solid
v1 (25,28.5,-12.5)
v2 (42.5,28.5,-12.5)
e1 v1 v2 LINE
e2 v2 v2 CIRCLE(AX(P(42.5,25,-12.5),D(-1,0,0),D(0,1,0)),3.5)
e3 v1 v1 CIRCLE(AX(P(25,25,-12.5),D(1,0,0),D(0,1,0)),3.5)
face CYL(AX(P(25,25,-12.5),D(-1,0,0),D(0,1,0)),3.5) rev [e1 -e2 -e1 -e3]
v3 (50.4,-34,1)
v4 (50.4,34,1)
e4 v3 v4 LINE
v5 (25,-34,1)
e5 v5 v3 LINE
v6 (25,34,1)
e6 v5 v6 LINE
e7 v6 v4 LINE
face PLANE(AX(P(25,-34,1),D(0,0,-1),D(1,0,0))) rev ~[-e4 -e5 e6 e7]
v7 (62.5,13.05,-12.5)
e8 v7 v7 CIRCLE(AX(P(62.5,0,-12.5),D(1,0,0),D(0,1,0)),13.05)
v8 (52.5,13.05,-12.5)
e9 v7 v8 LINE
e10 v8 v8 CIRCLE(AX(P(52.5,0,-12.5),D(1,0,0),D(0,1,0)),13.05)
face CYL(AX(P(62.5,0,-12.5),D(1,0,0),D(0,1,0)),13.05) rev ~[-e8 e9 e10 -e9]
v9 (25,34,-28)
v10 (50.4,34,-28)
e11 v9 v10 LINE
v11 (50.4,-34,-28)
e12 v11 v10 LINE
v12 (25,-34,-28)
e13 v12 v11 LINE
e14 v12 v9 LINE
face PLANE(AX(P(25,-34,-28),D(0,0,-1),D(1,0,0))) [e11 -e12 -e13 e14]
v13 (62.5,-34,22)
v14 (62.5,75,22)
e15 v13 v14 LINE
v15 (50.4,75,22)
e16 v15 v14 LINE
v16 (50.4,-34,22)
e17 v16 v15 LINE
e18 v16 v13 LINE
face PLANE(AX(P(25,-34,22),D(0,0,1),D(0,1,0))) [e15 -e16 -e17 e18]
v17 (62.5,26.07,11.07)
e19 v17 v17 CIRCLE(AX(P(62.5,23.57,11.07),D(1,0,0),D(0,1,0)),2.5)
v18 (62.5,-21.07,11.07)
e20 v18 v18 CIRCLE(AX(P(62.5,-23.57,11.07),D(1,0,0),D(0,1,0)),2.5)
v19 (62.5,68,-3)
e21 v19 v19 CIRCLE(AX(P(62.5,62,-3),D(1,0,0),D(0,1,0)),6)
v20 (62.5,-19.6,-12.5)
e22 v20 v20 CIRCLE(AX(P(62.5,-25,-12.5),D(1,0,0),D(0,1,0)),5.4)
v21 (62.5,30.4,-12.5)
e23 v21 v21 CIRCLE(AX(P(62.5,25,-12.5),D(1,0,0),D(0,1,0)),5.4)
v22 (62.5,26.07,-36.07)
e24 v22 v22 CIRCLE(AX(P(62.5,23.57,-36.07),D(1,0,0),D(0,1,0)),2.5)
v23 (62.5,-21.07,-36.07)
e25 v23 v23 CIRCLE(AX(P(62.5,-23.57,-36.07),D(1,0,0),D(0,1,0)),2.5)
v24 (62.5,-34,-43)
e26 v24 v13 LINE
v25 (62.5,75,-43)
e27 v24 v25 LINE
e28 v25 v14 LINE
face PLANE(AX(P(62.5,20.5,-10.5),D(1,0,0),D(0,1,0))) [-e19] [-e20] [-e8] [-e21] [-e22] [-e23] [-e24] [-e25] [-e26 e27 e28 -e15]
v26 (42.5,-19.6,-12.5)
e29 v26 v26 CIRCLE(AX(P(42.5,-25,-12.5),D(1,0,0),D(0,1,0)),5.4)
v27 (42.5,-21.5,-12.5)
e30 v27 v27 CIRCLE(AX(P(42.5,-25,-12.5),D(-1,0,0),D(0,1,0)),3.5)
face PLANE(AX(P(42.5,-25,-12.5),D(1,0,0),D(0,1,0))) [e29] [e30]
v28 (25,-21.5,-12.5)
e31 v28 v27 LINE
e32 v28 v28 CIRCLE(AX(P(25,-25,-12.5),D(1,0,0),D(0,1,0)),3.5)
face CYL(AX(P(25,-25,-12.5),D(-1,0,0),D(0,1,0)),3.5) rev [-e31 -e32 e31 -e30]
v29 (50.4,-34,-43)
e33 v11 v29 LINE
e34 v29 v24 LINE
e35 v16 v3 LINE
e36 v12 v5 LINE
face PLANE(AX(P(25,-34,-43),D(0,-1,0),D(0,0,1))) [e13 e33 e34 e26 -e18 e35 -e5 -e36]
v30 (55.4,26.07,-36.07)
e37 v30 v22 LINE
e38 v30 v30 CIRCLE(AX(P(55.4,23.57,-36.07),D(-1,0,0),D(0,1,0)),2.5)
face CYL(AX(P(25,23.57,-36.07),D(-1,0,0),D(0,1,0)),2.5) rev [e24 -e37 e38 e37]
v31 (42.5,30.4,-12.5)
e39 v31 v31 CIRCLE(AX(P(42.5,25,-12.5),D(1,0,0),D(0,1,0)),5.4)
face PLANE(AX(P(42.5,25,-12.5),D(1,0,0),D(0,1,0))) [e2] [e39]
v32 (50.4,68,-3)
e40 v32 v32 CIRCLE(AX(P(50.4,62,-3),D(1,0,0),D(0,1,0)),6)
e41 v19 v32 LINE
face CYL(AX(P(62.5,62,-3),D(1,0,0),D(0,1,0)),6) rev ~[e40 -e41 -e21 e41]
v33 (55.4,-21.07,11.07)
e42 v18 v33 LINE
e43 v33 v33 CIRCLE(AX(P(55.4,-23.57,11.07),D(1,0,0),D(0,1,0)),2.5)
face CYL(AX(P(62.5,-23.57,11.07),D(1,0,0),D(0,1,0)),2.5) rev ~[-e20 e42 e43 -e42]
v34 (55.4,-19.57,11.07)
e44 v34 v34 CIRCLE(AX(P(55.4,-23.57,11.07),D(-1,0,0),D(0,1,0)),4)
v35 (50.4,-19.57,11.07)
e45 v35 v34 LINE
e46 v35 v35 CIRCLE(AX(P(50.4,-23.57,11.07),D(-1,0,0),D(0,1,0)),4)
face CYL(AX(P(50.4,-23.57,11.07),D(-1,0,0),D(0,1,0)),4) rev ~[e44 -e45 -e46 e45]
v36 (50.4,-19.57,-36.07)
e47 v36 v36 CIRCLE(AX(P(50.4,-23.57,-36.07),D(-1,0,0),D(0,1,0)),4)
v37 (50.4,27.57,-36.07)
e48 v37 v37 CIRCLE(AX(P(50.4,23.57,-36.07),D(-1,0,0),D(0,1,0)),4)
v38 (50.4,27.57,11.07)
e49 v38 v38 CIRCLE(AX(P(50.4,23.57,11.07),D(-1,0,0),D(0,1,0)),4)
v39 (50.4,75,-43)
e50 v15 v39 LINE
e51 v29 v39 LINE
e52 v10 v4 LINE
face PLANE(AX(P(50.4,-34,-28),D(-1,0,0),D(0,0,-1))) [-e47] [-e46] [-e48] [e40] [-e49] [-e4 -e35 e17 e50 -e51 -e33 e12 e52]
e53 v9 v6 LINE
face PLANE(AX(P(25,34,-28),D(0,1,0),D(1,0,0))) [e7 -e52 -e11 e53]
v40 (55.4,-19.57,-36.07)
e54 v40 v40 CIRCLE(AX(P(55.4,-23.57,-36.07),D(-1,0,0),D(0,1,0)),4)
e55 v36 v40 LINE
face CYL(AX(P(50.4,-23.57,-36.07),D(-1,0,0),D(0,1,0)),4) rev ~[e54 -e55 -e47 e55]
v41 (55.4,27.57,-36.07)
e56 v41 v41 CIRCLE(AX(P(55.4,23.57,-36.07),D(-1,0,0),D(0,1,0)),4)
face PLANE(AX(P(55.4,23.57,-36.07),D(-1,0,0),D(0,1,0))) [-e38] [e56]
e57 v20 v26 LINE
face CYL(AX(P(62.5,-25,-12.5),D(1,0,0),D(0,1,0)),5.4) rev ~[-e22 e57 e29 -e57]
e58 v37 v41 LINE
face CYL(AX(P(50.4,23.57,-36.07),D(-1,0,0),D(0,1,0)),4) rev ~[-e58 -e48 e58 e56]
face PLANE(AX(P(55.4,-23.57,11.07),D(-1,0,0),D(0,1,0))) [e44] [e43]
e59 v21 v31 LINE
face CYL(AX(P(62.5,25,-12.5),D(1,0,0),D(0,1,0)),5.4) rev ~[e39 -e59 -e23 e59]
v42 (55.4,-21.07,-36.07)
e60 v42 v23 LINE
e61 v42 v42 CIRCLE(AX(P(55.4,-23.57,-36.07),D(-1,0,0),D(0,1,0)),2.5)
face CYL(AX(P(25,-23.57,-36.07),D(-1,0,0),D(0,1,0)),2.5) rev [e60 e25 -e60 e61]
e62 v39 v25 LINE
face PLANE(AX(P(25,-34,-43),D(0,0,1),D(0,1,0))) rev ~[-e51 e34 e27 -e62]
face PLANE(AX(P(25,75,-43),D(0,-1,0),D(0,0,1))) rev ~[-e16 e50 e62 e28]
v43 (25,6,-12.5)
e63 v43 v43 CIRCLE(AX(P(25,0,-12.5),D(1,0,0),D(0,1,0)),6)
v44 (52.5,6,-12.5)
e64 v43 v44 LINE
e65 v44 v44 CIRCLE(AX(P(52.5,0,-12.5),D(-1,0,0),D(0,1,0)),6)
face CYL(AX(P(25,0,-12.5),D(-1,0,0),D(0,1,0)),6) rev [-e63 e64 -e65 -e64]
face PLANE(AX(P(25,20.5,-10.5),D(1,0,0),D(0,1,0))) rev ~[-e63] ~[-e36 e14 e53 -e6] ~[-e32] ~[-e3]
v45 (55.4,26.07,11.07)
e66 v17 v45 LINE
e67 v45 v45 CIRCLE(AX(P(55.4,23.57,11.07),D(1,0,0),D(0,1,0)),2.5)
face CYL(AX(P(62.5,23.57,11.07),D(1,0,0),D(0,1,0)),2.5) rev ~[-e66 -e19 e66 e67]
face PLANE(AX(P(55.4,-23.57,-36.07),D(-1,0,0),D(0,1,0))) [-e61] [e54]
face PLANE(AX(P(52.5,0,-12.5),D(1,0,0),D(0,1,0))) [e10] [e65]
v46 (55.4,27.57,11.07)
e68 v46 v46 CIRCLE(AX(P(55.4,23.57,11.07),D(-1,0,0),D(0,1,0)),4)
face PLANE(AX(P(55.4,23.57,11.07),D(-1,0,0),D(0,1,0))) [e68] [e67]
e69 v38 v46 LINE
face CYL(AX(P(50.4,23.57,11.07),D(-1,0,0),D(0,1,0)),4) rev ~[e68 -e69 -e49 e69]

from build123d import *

# Parameters (mm, degrees)
SKETCH006_W     = 109
SKETCH006_H     = 65
SKETCH006_R     = 2.5
SKETCH006_R_2   = 6
SKETCH006_R_3   = 3.5
PAD_DEPTH       = 37.5
SKETCH010_W     = 21
SKETCH010_H     = 25.4
SKETCH010_W_2   = 15
POCKET_DEPTH    = 109
SKETCH011_W     = 41
SKETCH011_H     = 25.4
POCKET001_DEPTH = 29
SKETCH009_R     = 2.5
SKETCH009_R_2   = 6
POCKET002_DEPTH = 13
SKETCH008_R     = 4
POCKET003_DEPTH = 5
SKETCH001_R     = 5.4
POCKET004_DEPTH = 20
SKETCH007_R     = 13.05
POCKET005_DEPTH = 10


with BuildPart() as part:
    # Sketch006 → Pad (new body)
    with BuildSketch(Plane.YZ.offset(25)):
        with Locations((20.5, -10.5)):
            Rectangle(SKETCH006_W, SKETCH006_H)
        with Locations((-23.57, -36.07)):
            Circle(SKETCH006_R, mode=Mode.SUBTRACT)
        with Locations((23.57, -36.07)):
            Circle(SKETCH006_R, mode=Mode.SUBTRACT)
        with Locations((0, -12.5)):
            Circle(SKETCH006_R_2, mode=Mode.SUBTRACT)
        with Locations((25, -12.5)):
            Circle(SKETCH006_R_3, mode=Mode.SUBTRACT)
        with Locations((-25, -12.5)):
            Circle(SKETCH006_R_3, mode=Mode.SUBTRACT)
    extrude(amount=PAD_DEPTH)

    # Sketch010 → Pocket (cut)
    with BuildSketch(Plane(origin=(25, -34, 0), x_dir=(0, 0, -1), z_dir=(0, -1, 0))):
        with Locations((-11.5, 12.7)):
            Rectangle(SKETCH010_W, SKETCH010_H)
        with Locations((35.5, 12.7)):
            Rectangle(SKETCH010_W_2, SKETCH010_H)
    extrude(amount=-POCKET_DEPTH, mode=Mode.SUBTRACT)

    # Sketch011 → Pocket001 (cut)
    with BuildSketch(Plane(origin=(25, 0, -28), x_dir=(0, 1, 0), z_dir=(0, 0, -1))):
        with Locations((54.5, 12.7)):
            Rectangle(SKETCH011_W, SKETCH011_H)
    extrude(amount=-POCKET001_DEPTH, mode=Mode.SUBTRACT)

    # Sketch009 → Pocket002 (cut)
    with BuildSketch(Plane.YZ.offset(62.5)):
        with Locations((-23.57, 11.07)):
            Circle(SKETCH009_R)
        with Locations((23.57, 11.07)):
            Circle(SKETCH009_R)
        with Locations((62, -3)):
            Circle(SKETCH009_R_2)
    extrude(amount=-POCKET002_DEPTH, mode=Mode.SUBTRACT)

    # Sketch008 → Pocket003 (cut)
    with BuildSketch(Plane(origin=(50.4, 0, 0), x_dir=(0, 1, 0), z_dir=(-1, 0, 0))):
        with Locations((-23.57, -11.07)):
            Circle(SKETCH008_R)
        with Locations((23.57, -11.07)):
            Circle(SKETCH008_R)
        with Locations((-23.57, 36.07)):
            Circle(SKETCH008_R)
        with Locations((23.57, 36.07)):
            Circle(SKETCH008_R)
    extrude(amount=-POCKET003_DEPTH, mode=Mode.SUBTRACT)

    # Sketch001 → Pocket004 (cut)
    with BuildSketch(Plane.YZ.offset(62.5)):
        with Locations((-25, -12.5)):
            Circle(SKETCH001_R)
        with Locations((25, -12.5)):
            Circle(SKETCH001_R)
    extrude(amount=-POCKET004_DEPTH, mode=Mode.SUBTRACT)

    # Sketch007 → Pocket005 (cut)
    with BuildSketch(Plane.YZ.offset(62.5)):
        with Locations((0, -12.5)):
            Circle(SKETCH007_R)
    extrude(amount=-POCKET005_DEPTH, mode=Mode.SUBTRACT)


solid = part.part
